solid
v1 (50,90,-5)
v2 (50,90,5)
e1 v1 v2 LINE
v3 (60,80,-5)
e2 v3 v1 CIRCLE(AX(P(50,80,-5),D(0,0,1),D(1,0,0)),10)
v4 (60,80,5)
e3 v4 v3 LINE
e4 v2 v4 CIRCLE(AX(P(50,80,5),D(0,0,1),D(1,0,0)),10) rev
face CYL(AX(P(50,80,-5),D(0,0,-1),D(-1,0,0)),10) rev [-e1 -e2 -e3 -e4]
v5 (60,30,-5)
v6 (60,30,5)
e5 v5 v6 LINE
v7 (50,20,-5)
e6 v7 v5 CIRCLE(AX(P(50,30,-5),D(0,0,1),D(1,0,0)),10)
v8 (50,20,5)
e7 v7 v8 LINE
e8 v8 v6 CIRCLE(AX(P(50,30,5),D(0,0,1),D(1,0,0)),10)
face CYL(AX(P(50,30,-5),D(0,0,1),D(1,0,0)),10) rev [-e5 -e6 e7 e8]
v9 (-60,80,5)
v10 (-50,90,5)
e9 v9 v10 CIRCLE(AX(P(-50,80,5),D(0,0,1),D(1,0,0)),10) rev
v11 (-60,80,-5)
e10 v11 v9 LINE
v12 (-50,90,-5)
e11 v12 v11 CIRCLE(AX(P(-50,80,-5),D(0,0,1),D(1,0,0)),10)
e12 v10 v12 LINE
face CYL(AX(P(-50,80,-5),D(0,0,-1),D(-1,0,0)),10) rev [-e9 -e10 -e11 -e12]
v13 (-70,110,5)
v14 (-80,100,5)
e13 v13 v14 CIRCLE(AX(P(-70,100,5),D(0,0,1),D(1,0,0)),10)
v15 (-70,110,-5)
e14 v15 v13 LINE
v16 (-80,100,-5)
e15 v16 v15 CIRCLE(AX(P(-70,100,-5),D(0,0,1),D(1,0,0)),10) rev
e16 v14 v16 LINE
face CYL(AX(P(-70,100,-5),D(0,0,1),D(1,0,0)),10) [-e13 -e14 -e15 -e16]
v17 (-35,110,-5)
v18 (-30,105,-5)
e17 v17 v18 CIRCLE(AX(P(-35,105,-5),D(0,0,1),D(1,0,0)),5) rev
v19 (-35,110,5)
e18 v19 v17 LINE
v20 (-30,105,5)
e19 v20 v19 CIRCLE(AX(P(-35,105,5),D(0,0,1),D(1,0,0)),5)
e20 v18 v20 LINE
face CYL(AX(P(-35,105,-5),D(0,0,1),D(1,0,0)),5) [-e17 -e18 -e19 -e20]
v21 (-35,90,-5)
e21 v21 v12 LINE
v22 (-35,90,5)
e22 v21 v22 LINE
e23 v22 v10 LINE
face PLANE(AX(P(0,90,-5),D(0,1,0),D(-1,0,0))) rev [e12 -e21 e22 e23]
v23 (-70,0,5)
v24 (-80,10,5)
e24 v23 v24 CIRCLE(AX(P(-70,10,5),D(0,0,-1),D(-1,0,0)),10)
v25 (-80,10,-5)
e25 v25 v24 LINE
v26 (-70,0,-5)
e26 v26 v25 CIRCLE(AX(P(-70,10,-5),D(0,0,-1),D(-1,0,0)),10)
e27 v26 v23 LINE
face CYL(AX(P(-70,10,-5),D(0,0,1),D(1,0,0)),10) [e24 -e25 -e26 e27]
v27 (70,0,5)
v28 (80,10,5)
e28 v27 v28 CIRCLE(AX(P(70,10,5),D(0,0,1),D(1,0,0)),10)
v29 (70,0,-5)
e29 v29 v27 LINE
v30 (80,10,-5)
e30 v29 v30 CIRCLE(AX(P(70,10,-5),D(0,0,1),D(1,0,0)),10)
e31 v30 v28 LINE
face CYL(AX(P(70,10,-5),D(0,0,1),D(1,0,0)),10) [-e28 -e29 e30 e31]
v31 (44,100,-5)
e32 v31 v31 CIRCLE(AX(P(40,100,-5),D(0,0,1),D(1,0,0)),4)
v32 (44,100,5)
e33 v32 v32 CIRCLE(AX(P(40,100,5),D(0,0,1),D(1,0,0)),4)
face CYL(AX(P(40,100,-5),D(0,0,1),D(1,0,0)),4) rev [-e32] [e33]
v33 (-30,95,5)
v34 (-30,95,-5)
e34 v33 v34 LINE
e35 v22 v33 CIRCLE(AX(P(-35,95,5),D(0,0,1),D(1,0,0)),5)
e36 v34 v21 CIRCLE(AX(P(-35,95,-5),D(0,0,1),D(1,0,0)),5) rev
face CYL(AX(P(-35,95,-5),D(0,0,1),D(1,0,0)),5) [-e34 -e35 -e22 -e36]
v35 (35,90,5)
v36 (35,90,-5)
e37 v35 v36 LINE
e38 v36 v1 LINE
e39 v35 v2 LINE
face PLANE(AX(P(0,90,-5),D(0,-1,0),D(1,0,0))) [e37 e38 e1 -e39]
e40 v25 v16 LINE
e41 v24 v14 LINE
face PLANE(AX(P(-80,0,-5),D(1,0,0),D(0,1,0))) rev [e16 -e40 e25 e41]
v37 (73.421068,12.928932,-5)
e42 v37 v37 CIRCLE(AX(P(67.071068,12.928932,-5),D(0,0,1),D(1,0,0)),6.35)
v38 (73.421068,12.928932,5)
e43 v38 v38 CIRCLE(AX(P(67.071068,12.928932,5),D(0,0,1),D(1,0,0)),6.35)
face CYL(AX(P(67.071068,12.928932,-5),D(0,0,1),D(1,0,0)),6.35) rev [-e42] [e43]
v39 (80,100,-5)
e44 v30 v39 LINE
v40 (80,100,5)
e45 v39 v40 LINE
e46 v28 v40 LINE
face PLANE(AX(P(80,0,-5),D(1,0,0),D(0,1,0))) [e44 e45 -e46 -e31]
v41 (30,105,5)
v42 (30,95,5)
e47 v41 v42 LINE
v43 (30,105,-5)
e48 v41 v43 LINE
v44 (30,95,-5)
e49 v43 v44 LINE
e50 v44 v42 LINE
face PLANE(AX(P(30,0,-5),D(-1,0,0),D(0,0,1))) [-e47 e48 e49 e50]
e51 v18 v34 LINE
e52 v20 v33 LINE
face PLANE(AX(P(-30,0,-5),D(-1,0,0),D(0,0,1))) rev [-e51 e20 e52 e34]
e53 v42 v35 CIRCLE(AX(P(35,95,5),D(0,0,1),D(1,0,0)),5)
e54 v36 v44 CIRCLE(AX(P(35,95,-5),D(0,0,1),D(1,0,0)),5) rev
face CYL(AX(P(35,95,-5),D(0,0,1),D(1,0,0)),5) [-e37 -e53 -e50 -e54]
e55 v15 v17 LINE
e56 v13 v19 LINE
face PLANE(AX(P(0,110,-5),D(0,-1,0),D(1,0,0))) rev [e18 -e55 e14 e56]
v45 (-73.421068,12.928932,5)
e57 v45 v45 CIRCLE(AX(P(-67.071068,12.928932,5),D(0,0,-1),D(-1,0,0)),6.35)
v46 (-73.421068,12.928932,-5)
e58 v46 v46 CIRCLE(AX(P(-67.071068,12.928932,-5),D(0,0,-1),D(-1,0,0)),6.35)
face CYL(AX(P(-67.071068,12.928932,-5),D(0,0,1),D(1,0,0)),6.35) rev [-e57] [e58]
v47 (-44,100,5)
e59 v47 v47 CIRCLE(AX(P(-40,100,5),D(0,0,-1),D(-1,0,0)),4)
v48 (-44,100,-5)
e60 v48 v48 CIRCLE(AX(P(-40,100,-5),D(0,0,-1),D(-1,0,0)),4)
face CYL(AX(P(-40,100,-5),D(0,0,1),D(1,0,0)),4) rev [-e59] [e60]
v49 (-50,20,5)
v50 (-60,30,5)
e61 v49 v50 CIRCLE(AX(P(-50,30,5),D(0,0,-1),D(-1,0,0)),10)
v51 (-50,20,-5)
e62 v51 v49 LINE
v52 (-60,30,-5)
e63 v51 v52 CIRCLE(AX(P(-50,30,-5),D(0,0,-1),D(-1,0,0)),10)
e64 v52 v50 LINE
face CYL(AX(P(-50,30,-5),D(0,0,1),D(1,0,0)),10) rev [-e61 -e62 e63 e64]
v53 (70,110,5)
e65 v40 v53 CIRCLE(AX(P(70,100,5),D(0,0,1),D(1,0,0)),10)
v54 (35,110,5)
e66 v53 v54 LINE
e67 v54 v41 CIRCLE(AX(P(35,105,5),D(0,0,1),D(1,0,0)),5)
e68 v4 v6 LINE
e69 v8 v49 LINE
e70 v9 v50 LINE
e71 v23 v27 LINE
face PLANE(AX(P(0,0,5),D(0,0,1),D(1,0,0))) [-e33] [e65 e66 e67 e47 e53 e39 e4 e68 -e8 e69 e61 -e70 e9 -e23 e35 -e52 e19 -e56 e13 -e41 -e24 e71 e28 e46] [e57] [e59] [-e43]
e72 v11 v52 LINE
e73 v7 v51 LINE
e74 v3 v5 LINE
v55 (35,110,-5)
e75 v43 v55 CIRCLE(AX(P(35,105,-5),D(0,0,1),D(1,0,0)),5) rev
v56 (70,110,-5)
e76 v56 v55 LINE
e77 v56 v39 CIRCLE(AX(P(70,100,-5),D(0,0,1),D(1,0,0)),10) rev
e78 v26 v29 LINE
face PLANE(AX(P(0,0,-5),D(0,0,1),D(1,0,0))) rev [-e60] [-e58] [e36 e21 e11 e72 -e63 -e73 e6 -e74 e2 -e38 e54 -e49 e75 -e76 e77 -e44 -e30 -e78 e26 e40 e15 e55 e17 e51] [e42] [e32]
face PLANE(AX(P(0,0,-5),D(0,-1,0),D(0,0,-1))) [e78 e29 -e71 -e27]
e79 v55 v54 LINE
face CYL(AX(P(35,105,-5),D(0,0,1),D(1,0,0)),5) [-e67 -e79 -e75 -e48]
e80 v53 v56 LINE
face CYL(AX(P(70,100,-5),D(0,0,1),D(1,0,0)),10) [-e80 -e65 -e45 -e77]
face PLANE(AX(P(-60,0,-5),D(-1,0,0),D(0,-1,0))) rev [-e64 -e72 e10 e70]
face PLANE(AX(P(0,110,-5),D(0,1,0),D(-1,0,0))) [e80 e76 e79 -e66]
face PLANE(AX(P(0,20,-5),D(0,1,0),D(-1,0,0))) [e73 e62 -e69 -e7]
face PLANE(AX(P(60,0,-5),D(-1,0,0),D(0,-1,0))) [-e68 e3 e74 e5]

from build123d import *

# Parameters (mm, degrees)
SKETCH1_R           = 6.35
SKETCH1_R_2         = 4
BOSS_EXTRUDE1_DEPTH = 5
FILLET1_R           = 10
FILLET2_R           = 5


with BuildPart() as part:
    # Sketch1 → Boss-Extrude1 (new, symmetric)
    with BuildSketch(Plane.XY):
        with BuildLine():
            Line((0, 20), (0, 0))
            Line((0, 0), (70, 0))
            ThreePointArc((70, 0), (77.071067812, 2.928932188), (80, 10))
            Line((80, 10), (80, 110))
            Line((80, 110), (30, 110))
            Line((30, 110), (30, 90))
            Line((30, 90), (60, 90))
            Line((60, 90), (60, 30))
            ThreePointArc((60, 30), (57.071067812, 22.928932188), (50, 20))
            Line((50, 20), (0, 20))
        make_face()
        with Locations((67.071067812, 12.928932188)):
            Circle(SKETCH1_R, mode=Mode.SUBTRACT)
        with Locations((40, 100)):
            Circle(SKETCH1_R_2, mode=Mode.SUBTRACT)
    boss_extrude1 = extrude(amount=BOSS_EXTRUDE1_DEPTH, both=True)

    # Mirror1: Boss-Extrude1 across plane
    add(boss_extrude1.mirror(Plane(origin=(0, 0, -5), x_dir=(0, 0, 1), z_dir=(-1, 0, 0))))

    # Fillet1
    fillet1_edges = [part.edges().sort_by_distance(p)[0] for p in [
        (60, 90, 0),
        (80, 110, 0),
        (-80, 110, 0),
        (-60, 90, 0),
    ]]
    fillet(fillet1_edges, radius=FILLET1_R)

    # Fillet2
    fillet2_edges = [part.edges().sort_by_distance(p)[0] for p in [
        (30, 90, 0),
        (30, 110, 0),
        (-30, 110, 0),
        (-30, 90, 0),
    ]]
    fillet(fillet2_edges, radius=FILLET2_R)


solid = part.part
